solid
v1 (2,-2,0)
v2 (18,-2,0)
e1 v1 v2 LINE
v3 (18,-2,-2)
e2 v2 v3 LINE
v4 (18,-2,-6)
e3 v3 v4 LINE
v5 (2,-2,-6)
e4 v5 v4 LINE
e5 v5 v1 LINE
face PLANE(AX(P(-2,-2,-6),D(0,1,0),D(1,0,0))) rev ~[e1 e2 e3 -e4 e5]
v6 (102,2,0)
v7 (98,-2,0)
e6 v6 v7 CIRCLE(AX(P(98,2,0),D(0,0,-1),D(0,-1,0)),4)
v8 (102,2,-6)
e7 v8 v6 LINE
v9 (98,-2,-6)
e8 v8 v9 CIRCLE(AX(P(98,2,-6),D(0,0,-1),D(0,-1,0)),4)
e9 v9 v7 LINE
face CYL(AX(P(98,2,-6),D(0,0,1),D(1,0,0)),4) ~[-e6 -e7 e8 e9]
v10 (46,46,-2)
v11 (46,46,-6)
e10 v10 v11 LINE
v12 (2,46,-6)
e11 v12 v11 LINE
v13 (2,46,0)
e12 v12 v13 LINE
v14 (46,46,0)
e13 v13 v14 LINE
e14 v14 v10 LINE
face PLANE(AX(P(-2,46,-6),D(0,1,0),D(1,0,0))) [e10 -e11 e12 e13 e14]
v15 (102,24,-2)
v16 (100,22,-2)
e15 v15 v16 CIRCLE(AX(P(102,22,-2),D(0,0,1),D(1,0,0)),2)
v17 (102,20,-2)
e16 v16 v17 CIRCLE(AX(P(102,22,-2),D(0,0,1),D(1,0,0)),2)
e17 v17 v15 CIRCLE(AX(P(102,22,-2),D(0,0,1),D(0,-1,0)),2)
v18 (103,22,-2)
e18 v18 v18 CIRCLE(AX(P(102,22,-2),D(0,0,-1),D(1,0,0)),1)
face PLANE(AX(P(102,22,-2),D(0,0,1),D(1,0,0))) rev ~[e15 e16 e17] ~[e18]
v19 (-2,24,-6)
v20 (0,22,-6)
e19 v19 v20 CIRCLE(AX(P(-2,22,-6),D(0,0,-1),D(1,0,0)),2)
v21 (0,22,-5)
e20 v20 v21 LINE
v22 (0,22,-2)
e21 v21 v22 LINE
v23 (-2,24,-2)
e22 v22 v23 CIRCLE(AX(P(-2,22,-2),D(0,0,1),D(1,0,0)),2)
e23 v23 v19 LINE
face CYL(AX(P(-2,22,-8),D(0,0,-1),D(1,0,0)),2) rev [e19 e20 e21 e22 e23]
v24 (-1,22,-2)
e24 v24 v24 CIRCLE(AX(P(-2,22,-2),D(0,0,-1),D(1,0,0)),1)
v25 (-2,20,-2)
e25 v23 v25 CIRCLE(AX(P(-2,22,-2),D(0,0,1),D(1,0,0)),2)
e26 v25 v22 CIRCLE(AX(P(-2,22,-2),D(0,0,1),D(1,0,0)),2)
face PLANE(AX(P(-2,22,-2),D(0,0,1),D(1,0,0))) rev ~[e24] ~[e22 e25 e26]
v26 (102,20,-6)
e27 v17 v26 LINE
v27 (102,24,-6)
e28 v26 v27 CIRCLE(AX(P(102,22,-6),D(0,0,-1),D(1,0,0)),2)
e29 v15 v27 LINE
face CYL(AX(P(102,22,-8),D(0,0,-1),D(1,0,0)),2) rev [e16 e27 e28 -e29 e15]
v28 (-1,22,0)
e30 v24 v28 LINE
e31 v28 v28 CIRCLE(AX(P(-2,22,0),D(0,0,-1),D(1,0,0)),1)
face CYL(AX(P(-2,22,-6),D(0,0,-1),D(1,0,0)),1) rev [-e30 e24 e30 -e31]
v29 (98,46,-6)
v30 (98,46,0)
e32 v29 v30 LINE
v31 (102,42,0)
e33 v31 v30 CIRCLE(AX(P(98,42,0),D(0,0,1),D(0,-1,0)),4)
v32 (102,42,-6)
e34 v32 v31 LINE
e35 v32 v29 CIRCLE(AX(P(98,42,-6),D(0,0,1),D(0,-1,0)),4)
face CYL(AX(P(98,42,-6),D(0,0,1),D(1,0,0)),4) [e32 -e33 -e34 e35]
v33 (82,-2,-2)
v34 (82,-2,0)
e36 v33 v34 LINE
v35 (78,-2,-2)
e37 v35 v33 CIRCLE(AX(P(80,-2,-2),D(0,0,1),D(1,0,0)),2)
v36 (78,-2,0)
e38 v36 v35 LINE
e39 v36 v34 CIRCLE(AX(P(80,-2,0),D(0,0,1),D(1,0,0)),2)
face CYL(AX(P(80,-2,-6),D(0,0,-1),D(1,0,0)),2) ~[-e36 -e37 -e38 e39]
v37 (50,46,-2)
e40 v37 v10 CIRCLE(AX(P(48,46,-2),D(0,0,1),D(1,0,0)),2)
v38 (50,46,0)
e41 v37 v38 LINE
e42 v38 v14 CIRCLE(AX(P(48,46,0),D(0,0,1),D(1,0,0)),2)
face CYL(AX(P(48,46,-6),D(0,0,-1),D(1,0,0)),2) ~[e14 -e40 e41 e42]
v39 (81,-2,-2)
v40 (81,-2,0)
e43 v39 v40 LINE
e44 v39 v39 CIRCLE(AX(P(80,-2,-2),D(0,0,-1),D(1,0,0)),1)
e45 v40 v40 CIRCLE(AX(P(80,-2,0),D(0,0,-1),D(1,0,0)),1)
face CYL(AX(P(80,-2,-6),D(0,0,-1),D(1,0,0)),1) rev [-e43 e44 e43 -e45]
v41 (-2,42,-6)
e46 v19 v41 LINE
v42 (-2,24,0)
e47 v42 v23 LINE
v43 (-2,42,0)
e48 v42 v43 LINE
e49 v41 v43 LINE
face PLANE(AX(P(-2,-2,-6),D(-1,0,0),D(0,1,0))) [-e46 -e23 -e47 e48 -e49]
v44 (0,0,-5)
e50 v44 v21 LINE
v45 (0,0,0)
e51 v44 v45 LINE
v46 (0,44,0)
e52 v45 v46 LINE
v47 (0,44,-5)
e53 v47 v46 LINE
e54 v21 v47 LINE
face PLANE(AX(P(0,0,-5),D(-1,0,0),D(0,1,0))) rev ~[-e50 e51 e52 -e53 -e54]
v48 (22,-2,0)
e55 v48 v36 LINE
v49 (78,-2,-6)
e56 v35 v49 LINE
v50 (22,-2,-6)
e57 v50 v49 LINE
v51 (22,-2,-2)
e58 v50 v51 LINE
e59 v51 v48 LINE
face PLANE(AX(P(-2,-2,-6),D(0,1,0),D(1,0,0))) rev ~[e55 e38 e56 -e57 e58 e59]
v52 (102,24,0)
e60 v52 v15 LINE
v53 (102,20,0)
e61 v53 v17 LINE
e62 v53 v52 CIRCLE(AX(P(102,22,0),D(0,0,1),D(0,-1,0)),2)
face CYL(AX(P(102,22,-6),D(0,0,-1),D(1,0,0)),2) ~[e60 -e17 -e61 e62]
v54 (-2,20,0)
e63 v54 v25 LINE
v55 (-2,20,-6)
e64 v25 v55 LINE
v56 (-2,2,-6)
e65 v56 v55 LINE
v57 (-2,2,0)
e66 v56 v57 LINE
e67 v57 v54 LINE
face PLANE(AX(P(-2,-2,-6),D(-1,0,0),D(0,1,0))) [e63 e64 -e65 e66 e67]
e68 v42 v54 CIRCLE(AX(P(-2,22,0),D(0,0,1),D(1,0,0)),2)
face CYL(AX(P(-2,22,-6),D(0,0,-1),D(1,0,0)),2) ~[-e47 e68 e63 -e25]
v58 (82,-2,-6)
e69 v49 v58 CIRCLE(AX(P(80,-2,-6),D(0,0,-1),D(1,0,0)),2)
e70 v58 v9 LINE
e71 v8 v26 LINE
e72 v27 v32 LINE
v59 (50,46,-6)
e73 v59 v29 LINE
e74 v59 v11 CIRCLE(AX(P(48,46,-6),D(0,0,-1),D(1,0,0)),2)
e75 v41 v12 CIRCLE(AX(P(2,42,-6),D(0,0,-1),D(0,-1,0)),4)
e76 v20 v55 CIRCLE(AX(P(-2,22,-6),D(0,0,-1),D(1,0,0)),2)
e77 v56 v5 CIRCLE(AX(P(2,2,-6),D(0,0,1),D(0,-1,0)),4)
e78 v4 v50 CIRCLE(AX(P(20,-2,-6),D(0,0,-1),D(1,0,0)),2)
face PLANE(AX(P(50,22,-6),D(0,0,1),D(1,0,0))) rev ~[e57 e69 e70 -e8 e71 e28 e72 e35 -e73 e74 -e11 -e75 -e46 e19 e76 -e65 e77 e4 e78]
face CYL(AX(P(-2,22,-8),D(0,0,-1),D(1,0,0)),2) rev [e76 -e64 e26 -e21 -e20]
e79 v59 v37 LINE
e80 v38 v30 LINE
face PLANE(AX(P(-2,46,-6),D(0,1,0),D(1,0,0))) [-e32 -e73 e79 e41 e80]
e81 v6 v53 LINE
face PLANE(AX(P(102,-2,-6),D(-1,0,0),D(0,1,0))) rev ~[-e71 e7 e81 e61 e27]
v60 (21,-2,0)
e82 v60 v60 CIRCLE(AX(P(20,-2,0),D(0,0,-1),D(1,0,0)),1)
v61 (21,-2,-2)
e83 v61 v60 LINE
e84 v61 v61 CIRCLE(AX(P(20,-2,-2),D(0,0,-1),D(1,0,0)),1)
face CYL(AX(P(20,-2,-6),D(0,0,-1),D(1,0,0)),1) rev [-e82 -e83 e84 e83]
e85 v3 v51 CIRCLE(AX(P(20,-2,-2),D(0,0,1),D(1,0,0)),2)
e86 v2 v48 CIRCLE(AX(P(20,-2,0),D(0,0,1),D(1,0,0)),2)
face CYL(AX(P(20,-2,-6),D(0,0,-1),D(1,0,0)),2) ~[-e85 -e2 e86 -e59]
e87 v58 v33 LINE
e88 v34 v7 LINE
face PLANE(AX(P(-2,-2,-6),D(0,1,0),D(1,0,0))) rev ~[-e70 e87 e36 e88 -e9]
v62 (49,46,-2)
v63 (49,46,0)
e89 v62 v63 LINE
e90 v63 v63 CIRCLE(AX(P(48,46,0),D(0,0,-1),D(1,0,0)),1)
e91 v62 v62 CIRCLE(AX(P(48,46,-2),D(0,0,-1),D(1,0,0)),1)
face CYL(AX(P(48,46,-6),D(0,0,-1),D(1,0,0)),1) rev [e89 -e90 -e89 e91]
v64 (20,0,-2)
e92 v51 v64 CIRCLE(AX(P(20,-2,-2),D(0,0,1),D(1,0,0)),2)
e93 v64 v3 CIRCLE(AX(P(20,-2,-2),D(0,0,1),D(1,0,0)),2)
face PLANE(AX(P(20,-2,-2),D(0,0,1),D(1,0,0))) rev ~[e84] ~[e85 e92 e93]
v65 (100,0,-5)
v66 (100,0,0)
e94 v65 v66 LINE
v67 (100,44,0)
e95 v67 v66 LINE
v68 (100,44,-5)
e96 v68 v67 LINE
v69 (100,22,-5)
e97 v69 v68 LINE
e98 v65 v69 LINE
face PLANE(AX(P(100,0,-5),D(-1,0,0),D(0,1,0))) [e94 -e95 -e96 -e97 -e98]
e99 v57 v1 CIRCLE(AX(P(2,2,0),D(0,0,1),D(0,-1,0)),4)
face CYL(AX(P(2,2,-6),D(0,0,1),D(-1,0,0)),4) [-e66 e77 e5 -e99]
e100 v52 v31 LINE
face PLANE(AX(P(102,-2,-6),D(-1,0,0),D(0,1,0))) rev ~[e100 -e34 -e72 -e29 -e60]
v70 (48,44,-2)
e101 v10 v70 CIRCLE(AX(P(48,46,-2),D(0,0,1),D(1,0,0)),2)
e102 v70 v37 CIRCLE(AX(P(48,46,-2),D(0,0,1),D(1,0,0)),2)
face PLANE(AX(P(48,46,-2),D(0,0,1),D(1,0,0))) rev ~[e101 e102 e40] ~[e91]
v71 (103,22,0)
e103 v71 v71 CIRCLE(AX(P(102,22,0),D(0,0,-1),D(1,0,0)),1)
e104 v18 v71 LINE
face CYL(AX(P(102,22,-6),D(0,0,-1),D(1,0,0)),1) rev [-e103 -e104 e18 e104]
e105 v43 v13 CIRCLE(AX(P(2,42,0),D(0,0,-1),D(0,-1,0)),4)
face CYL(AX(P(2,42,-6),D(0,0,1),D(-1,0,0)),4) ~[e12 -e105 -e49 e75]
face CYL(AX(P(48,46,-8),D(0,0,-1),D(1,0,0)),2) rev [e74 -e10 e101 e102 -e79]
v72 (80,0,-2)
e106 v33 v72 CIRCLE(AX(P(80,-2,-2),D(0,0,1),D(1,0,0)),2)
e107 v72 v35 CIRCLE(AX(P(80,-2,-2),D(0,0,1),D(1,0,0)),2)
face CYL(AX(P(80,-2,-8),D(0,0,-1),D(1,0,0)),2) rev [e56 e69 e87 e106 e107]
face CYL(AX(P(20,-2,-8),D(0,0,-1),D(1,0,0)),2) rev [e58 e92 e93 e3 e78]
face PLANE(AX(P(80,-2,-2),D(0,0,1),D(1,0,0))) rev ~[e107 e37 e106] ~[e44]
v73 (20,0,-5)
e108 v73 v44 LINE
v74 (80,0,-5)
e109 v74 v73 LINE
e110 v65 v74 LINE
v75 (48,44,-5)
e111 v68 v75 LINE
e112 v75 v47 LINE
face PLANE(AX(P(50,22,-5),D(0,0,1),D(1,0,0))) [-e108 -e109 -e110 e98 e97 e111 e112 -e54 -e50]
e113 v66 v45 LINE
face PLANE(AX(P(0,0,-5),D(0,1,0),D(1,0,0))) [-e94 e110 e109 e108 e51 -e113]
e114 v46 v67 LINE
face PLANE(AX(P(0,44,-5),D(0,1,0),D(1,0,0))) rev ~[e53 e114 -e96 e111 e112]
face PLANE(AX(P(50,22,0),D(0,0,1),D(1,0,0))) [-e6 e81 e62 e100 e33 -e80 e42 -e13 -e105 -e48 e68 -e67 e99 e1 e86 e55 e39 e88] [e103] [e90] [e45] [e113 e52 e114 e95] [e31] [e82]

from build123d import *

# Parameters (mm, degrees)
CYLINDER022_R     = 2
CYLINDER022_DEPTH = 6
CYLINDER024_R     = 2
CYLINDER024_DEPTH = 6
CYLINDER023_R     = 2
CYLINDER023_DEPTH = 6
CYLINDER020_R     = 2
CYLINDER020_DEPTH = 6
CYLINDER021_R     = 2
CYLINDER021_DEPTH = 6
CYLINDER014_R     = 1
CYLINDER014_DEPTH = 13
CYLINDER012_R     = 1
CYLINDER012_DEPTH = 13
CYLINDER013_R     = 1
CYLINDER013_DEPTH = 13
CYLINDER011_R     = 1
CYLINDER011_DEPTH = 13
CYLINDER010_R     = 1
CYLINDER010_DEPTH = 13
BOX012_W          = 10
BOX012_H          = 17
BOX012_DEPTH      = 8
BOX010_W          = 10
BOX010_H          = 17
BOX010_DEPTH      = 8
BOX013_W          = 10
BOX013_H          = 17
BOX013_DEPTH      = 8
BOX009_W          = 10
BOX009_H          = 17
BOX009_DEPTH      = 8
BOX008_W          = 10
BOX008_H          = 17
BOX008_DEPTH      = 8
BOX011_W          = 100
BOX011_H          = 44
BOX011_DEPTH      = 16.5
BOX007_W          = 104
BOX007_H          = 48
BOX007_DEPTH      = 6
FILLET001_R       = 4
CYLINDER019_R     = 2
CYLINDER019_DEPTH = 6
CYLINDER018_R     = 2
CYLINDER018_DEPTH = 6
CYLINDER017_R     = 2
CYLINDER017_DEPTH = 6
CYLINDER016_R     = 2
CYLINDER016_DEPTH = 6
CYLINDER015_R     = 2
CYLINDER015_DEPTH = 6


with BuildPart() as cylinder022:
    # Cylinder022 → Cylinder022 (new body)
    with BuildSketch(Plane(origin=(-2, 22, 0), x_dir=(1, 0, 0), z_dir=(0, 0, 1))):
        Circle(CYLINDER022_R)
    extrude(amount=CYLINDER022_DEPTH)


with BuildPart() as cylinder024:
    # Cylinder024 → Cylinder024 (new body)
    with BuildSketch(Plane(origin=(48, 46, 0), x_dir=(1, 0, 0), z_dir=(0, 0, 1))):
        Circle(CYLINDER024_R)
    extrude(amount=CYLINDER024_DEPTH)


with BuildPart() as cylinder023:
    # Cylinder023 → Cylinder023 (new body)
    with BuildSketch(Plane(origin=(102, 22, 0), x_dir=(1, 0, 0), z_dir=(0, 0, 1))):
        Circle(CYLINDER023_R)
    extrude(amount=CYLINDER023_DEPTH)


with BuildPart() as cylinder020:
    # Cylinder020 → Cylinder020 (new body)
    with BuildSketch(Plane(origin=(80, -2, 0), x_dir=(1, 0, 0), z_dir=(0, 0, 1))):
        Circle(CYLINDER020_R)
    extrude(amount=CYLINDER020_DEPTH)


with BuildPart() as fusion005:
    # Cylinder021 → Cylinder021 (new body)
    with BuildSketch(Plane(origin=(20, -2, 0), x_dir=(1, 0, 0), z_dir=(0, 0, 1))):
        Circle(CYLINDER021_R)
    extrude(amount=CYLINDER021_DEPTH)

    # Fusion005: union Cylinder022, Cylinder024, Cylinder023, Cylinder020
    add(cylinder022.part)
    add(cylinder024.part)
    add(cylinder023.part)
    add(cylinder020.part)


with BuildPart() as fusion005_1:
    # Fusion005 placement: moved
    add(fusion005.part.moved(Location((0, 0, -8))))


with BuildPart() as cylinder014:
    # Cylinder014 → Cylinder014 (new body)
    with BuildSketch(Plane(origin=(-2, 22, 0), x_dir=(1, 0, 0), z_dir=(0, 0, 1))):
        Circle(CYLINDER014_R)
    extrude(amount=CYLINDER014_DEPTH)


with BuildPart() as cylinder012:
    # Cylinder012 → Cylinder012 (new body)
    with BuildSketch(Plane(origin=(48, 46, 0), x_dir=(1, 0, 0), z_dir=(0, 0, 1))):
        Circle(CYLINDER012_R)
    extrude(amount=CYLINDER012_DEPTH)


with BuildPart() as cylinder013:
    # Cylinder013 → Cylinder013 (new body)
    with BuildSketch(Plane(origin=(102, 22, 0), x_dir=(1, 0, 0), z_dir=(0, 0, 1))):
        Circle(CYLINDER013_R)
    extrude(amount=CYLINDER013_DEPTH)


with BuildPart() as cylinder011:
    # Cylinder011 → Cylinder011 (new body)
    with BuildSketch(Plane(origin=(80, -2, 0), x_dir=(1, 0, 0), z_dir=(0, 0, 1))):
        Circle(CYLINDER011_R)
    extrude(amount=CYLINDER011_DEPTH)


with BuildPart() as fusion003:
    # Cylinder010 → Cylinder010 (new body)
    with BuildSketch(Plane(origin=(20, -2, 0), x_dir=(1, 0, 0), z_dir=(0, 0, 1))):
        Circle(CYLINDER010_R)
    extrude(amount=CYLINDER010_DEPTH)

    # Fusion003: union Cylinder014, Cylinder012, Cylinder013, Cylinder011
    add(cylinder014.part)
    add(cylinder012.part)
    add(cylinder013.part)
    add(cylinder011.part)


with BuildPart() as fusion003_1:
    # Fusion003 placement: moved
    add(fusion003.part.moved(Location((0, 0, -6))))


with BuildPart() as box012:
    # Box012 → Box012 (new body)
    with BuildSketch(Plane(origin=(1.6, 37, 0), x_dir=(1, 0, 0), z_dir=(0, 0, 1))):
        with Locations((5, 8.5)):
            Rectangle(BOX012_W, BOX012_H)
    extrude(amount=BOX012_DEPTH)


with BuildPart() as box010:
    # Box010 → Box010 (new body)
    with BuildSketch(Plane(origin=(13.8, 37, 0), x_dir=(1, 0, 0), z_dir=(0, 0, 1))):
        with Locations((5, 8.5)):
            Rectangle(BOX010_W, BOX010_H)
    extrude(amount=BOX010_DEPTH)


with BuildPart() as box013:
    # Box013 → Box013 (new body)
    with BuildSketch(Plane(origin=(25.8, 37, 0), x_dir=(1, 0, 0), z_dir=(0, 0, 1))):
        with Locations((5, 8.5)):
            Rectangle(BOX013_W, BOX013_H)
    extrude(amount=BOX013_DEPTH)


with BuildPart() as box009:
    # Box009 → Box009 (new body)
    with BuildSketch(Plane(origin=(58.8, 37, 0), x_dir=(1, 0, 0), z_dir=(0, 0, 1))):
        with Locations((5, 8.5)):
            Rectangle(BOX009_W, BOX009_H)
    extrude(amount=BOX009_DEPTH)


with BuildPart() as box008:
    # Box008 → Box008 (new body)
    with BuildSketch(Plane(origin=(93.8, 42, 0), x_dir=(0, -1, 0), z_dir=(0, 0, 1))):
        with Locations((5, 8.5)):
            Rectangle(BOX008_W, BOX008_H)
    extrude(amount=BOX008_DEPTH)


with BuildPart() as fusion001:
    # Box011 → Box011 (new body)
    with BuildSketch(Plane.XY.offset(-5)):
        with Locations((50, 22)):
            Rectangle(BOX011_W, BOX011_H)
    extrude(amount=BOX011_DEPTH)

    # Fusion001: union Box012, Box010, Box013, Box009, Box008
    add(box012.part)
    add(box010.part)
    add(box013.part)
    add(box009.part)
    add(box008.part)


with BuildPart() as fillet001:
    # Box007 → Box007 (new body)
    with BuildSketch(Plane(origin=(-2, -2, -6), x_dir=(1, 0, 0), z_dir=(0, 0, 1))):
        with Locations((52, 24)):
            Rectangle(BOX007_W, BOX007_H)
    extrude(amount=BOX007_DEPTH)

    # Cut001: cut Fusion001
    add(fusion001.part, mode=Mode.SUBTRACT)

    # Fillet001
    fillet001_edges = [fillet001.edges().sort_by_distance(p)[0] for p in [
        (-2, -2, -3),
        (-2, 46, -3),
        (102, -2, -3),
        (102, 46, -3),
    ]]
    fillet(fillet001_edges, radius=FILLET001_R)


with BuildPart() as cylinder019:
    # Cylinder019 → Cylinder019 (new body)
    with BuildSketch(Plane(origin=(-2, 22, 0), x_dir=(1, 0, 0), z_dir=(0, 0, 1))):
        Circle(CYLINDER019_R)
    extrude(amount=CYLINDER019_DEPTH)


with BuildPart() as cylinder018:
    # Cylinder018 → Cylinder018 (new body)
    with BuildSketch(Plane(origin=(48, 46, 0), x_dir=(1, 0, 0), z_dir=(0, 0, 1))):
        Circle(CYLINDER018_R)
    extrude(amount=CYLINDER018_DEPTH)


with BuildPart() as cylinder017:
    # Cylinder017 → Cylinder017 (new body)
    with BuildSketch(Plane(origin=(102, 22, 0), x_dir=(1, 0, 0), z_dir=(0, 0, 1))):
        Circle(CYLINDER017_R)
    extrude(amount=CYLINDER017_DEPTH)


with BuildPart() as cylinder016:
    # Cylinder016 → Cylinder016 (new body)
    with BuildSketch(Plane(origin=(80, -2, 0), x_dir=(1, 0, 0), z_dir=(0, 0, 1))):
        Circle(CYLINDER016_R)
    extrude(amount=CYLINDER016_DEPTH)


with BuildPart() as cut008:
    # Cylinder015 → Cylinder015 (new body)
    with BuildSketch(Plane(origin=(20, -2, 0), x_dir=(1, 0, 0), z_dir=(0, 0, 1))):
        Circle(CYLINDER015_R)
    extrude(amount=CYLINDER015_DEPTH)

    # Fusion004: union Cylinder019, Cylinder018, Cylinder017, Cylinder016
    add(cylinder019.part)
    add(cylinder018.part)
    add(cylinder017.part)
    add(cylinder016.part)


with BuildPart() as cut008_1:
    # Fusion004 placement: moved
    add(cut008.part.moved(Location((0, 0, -6))))

    # Fusion006: union Fillet001
    add(fillet001.part)

    # Cut007: cut Fusion003
    add(fusion003_1.part, mode=Mode.SUBTRACT)

    # Cut008: cut Fusion005
    add(fusion005_1.part, mode=Mode.SUBTRACT)


solid = cut008_1.part
